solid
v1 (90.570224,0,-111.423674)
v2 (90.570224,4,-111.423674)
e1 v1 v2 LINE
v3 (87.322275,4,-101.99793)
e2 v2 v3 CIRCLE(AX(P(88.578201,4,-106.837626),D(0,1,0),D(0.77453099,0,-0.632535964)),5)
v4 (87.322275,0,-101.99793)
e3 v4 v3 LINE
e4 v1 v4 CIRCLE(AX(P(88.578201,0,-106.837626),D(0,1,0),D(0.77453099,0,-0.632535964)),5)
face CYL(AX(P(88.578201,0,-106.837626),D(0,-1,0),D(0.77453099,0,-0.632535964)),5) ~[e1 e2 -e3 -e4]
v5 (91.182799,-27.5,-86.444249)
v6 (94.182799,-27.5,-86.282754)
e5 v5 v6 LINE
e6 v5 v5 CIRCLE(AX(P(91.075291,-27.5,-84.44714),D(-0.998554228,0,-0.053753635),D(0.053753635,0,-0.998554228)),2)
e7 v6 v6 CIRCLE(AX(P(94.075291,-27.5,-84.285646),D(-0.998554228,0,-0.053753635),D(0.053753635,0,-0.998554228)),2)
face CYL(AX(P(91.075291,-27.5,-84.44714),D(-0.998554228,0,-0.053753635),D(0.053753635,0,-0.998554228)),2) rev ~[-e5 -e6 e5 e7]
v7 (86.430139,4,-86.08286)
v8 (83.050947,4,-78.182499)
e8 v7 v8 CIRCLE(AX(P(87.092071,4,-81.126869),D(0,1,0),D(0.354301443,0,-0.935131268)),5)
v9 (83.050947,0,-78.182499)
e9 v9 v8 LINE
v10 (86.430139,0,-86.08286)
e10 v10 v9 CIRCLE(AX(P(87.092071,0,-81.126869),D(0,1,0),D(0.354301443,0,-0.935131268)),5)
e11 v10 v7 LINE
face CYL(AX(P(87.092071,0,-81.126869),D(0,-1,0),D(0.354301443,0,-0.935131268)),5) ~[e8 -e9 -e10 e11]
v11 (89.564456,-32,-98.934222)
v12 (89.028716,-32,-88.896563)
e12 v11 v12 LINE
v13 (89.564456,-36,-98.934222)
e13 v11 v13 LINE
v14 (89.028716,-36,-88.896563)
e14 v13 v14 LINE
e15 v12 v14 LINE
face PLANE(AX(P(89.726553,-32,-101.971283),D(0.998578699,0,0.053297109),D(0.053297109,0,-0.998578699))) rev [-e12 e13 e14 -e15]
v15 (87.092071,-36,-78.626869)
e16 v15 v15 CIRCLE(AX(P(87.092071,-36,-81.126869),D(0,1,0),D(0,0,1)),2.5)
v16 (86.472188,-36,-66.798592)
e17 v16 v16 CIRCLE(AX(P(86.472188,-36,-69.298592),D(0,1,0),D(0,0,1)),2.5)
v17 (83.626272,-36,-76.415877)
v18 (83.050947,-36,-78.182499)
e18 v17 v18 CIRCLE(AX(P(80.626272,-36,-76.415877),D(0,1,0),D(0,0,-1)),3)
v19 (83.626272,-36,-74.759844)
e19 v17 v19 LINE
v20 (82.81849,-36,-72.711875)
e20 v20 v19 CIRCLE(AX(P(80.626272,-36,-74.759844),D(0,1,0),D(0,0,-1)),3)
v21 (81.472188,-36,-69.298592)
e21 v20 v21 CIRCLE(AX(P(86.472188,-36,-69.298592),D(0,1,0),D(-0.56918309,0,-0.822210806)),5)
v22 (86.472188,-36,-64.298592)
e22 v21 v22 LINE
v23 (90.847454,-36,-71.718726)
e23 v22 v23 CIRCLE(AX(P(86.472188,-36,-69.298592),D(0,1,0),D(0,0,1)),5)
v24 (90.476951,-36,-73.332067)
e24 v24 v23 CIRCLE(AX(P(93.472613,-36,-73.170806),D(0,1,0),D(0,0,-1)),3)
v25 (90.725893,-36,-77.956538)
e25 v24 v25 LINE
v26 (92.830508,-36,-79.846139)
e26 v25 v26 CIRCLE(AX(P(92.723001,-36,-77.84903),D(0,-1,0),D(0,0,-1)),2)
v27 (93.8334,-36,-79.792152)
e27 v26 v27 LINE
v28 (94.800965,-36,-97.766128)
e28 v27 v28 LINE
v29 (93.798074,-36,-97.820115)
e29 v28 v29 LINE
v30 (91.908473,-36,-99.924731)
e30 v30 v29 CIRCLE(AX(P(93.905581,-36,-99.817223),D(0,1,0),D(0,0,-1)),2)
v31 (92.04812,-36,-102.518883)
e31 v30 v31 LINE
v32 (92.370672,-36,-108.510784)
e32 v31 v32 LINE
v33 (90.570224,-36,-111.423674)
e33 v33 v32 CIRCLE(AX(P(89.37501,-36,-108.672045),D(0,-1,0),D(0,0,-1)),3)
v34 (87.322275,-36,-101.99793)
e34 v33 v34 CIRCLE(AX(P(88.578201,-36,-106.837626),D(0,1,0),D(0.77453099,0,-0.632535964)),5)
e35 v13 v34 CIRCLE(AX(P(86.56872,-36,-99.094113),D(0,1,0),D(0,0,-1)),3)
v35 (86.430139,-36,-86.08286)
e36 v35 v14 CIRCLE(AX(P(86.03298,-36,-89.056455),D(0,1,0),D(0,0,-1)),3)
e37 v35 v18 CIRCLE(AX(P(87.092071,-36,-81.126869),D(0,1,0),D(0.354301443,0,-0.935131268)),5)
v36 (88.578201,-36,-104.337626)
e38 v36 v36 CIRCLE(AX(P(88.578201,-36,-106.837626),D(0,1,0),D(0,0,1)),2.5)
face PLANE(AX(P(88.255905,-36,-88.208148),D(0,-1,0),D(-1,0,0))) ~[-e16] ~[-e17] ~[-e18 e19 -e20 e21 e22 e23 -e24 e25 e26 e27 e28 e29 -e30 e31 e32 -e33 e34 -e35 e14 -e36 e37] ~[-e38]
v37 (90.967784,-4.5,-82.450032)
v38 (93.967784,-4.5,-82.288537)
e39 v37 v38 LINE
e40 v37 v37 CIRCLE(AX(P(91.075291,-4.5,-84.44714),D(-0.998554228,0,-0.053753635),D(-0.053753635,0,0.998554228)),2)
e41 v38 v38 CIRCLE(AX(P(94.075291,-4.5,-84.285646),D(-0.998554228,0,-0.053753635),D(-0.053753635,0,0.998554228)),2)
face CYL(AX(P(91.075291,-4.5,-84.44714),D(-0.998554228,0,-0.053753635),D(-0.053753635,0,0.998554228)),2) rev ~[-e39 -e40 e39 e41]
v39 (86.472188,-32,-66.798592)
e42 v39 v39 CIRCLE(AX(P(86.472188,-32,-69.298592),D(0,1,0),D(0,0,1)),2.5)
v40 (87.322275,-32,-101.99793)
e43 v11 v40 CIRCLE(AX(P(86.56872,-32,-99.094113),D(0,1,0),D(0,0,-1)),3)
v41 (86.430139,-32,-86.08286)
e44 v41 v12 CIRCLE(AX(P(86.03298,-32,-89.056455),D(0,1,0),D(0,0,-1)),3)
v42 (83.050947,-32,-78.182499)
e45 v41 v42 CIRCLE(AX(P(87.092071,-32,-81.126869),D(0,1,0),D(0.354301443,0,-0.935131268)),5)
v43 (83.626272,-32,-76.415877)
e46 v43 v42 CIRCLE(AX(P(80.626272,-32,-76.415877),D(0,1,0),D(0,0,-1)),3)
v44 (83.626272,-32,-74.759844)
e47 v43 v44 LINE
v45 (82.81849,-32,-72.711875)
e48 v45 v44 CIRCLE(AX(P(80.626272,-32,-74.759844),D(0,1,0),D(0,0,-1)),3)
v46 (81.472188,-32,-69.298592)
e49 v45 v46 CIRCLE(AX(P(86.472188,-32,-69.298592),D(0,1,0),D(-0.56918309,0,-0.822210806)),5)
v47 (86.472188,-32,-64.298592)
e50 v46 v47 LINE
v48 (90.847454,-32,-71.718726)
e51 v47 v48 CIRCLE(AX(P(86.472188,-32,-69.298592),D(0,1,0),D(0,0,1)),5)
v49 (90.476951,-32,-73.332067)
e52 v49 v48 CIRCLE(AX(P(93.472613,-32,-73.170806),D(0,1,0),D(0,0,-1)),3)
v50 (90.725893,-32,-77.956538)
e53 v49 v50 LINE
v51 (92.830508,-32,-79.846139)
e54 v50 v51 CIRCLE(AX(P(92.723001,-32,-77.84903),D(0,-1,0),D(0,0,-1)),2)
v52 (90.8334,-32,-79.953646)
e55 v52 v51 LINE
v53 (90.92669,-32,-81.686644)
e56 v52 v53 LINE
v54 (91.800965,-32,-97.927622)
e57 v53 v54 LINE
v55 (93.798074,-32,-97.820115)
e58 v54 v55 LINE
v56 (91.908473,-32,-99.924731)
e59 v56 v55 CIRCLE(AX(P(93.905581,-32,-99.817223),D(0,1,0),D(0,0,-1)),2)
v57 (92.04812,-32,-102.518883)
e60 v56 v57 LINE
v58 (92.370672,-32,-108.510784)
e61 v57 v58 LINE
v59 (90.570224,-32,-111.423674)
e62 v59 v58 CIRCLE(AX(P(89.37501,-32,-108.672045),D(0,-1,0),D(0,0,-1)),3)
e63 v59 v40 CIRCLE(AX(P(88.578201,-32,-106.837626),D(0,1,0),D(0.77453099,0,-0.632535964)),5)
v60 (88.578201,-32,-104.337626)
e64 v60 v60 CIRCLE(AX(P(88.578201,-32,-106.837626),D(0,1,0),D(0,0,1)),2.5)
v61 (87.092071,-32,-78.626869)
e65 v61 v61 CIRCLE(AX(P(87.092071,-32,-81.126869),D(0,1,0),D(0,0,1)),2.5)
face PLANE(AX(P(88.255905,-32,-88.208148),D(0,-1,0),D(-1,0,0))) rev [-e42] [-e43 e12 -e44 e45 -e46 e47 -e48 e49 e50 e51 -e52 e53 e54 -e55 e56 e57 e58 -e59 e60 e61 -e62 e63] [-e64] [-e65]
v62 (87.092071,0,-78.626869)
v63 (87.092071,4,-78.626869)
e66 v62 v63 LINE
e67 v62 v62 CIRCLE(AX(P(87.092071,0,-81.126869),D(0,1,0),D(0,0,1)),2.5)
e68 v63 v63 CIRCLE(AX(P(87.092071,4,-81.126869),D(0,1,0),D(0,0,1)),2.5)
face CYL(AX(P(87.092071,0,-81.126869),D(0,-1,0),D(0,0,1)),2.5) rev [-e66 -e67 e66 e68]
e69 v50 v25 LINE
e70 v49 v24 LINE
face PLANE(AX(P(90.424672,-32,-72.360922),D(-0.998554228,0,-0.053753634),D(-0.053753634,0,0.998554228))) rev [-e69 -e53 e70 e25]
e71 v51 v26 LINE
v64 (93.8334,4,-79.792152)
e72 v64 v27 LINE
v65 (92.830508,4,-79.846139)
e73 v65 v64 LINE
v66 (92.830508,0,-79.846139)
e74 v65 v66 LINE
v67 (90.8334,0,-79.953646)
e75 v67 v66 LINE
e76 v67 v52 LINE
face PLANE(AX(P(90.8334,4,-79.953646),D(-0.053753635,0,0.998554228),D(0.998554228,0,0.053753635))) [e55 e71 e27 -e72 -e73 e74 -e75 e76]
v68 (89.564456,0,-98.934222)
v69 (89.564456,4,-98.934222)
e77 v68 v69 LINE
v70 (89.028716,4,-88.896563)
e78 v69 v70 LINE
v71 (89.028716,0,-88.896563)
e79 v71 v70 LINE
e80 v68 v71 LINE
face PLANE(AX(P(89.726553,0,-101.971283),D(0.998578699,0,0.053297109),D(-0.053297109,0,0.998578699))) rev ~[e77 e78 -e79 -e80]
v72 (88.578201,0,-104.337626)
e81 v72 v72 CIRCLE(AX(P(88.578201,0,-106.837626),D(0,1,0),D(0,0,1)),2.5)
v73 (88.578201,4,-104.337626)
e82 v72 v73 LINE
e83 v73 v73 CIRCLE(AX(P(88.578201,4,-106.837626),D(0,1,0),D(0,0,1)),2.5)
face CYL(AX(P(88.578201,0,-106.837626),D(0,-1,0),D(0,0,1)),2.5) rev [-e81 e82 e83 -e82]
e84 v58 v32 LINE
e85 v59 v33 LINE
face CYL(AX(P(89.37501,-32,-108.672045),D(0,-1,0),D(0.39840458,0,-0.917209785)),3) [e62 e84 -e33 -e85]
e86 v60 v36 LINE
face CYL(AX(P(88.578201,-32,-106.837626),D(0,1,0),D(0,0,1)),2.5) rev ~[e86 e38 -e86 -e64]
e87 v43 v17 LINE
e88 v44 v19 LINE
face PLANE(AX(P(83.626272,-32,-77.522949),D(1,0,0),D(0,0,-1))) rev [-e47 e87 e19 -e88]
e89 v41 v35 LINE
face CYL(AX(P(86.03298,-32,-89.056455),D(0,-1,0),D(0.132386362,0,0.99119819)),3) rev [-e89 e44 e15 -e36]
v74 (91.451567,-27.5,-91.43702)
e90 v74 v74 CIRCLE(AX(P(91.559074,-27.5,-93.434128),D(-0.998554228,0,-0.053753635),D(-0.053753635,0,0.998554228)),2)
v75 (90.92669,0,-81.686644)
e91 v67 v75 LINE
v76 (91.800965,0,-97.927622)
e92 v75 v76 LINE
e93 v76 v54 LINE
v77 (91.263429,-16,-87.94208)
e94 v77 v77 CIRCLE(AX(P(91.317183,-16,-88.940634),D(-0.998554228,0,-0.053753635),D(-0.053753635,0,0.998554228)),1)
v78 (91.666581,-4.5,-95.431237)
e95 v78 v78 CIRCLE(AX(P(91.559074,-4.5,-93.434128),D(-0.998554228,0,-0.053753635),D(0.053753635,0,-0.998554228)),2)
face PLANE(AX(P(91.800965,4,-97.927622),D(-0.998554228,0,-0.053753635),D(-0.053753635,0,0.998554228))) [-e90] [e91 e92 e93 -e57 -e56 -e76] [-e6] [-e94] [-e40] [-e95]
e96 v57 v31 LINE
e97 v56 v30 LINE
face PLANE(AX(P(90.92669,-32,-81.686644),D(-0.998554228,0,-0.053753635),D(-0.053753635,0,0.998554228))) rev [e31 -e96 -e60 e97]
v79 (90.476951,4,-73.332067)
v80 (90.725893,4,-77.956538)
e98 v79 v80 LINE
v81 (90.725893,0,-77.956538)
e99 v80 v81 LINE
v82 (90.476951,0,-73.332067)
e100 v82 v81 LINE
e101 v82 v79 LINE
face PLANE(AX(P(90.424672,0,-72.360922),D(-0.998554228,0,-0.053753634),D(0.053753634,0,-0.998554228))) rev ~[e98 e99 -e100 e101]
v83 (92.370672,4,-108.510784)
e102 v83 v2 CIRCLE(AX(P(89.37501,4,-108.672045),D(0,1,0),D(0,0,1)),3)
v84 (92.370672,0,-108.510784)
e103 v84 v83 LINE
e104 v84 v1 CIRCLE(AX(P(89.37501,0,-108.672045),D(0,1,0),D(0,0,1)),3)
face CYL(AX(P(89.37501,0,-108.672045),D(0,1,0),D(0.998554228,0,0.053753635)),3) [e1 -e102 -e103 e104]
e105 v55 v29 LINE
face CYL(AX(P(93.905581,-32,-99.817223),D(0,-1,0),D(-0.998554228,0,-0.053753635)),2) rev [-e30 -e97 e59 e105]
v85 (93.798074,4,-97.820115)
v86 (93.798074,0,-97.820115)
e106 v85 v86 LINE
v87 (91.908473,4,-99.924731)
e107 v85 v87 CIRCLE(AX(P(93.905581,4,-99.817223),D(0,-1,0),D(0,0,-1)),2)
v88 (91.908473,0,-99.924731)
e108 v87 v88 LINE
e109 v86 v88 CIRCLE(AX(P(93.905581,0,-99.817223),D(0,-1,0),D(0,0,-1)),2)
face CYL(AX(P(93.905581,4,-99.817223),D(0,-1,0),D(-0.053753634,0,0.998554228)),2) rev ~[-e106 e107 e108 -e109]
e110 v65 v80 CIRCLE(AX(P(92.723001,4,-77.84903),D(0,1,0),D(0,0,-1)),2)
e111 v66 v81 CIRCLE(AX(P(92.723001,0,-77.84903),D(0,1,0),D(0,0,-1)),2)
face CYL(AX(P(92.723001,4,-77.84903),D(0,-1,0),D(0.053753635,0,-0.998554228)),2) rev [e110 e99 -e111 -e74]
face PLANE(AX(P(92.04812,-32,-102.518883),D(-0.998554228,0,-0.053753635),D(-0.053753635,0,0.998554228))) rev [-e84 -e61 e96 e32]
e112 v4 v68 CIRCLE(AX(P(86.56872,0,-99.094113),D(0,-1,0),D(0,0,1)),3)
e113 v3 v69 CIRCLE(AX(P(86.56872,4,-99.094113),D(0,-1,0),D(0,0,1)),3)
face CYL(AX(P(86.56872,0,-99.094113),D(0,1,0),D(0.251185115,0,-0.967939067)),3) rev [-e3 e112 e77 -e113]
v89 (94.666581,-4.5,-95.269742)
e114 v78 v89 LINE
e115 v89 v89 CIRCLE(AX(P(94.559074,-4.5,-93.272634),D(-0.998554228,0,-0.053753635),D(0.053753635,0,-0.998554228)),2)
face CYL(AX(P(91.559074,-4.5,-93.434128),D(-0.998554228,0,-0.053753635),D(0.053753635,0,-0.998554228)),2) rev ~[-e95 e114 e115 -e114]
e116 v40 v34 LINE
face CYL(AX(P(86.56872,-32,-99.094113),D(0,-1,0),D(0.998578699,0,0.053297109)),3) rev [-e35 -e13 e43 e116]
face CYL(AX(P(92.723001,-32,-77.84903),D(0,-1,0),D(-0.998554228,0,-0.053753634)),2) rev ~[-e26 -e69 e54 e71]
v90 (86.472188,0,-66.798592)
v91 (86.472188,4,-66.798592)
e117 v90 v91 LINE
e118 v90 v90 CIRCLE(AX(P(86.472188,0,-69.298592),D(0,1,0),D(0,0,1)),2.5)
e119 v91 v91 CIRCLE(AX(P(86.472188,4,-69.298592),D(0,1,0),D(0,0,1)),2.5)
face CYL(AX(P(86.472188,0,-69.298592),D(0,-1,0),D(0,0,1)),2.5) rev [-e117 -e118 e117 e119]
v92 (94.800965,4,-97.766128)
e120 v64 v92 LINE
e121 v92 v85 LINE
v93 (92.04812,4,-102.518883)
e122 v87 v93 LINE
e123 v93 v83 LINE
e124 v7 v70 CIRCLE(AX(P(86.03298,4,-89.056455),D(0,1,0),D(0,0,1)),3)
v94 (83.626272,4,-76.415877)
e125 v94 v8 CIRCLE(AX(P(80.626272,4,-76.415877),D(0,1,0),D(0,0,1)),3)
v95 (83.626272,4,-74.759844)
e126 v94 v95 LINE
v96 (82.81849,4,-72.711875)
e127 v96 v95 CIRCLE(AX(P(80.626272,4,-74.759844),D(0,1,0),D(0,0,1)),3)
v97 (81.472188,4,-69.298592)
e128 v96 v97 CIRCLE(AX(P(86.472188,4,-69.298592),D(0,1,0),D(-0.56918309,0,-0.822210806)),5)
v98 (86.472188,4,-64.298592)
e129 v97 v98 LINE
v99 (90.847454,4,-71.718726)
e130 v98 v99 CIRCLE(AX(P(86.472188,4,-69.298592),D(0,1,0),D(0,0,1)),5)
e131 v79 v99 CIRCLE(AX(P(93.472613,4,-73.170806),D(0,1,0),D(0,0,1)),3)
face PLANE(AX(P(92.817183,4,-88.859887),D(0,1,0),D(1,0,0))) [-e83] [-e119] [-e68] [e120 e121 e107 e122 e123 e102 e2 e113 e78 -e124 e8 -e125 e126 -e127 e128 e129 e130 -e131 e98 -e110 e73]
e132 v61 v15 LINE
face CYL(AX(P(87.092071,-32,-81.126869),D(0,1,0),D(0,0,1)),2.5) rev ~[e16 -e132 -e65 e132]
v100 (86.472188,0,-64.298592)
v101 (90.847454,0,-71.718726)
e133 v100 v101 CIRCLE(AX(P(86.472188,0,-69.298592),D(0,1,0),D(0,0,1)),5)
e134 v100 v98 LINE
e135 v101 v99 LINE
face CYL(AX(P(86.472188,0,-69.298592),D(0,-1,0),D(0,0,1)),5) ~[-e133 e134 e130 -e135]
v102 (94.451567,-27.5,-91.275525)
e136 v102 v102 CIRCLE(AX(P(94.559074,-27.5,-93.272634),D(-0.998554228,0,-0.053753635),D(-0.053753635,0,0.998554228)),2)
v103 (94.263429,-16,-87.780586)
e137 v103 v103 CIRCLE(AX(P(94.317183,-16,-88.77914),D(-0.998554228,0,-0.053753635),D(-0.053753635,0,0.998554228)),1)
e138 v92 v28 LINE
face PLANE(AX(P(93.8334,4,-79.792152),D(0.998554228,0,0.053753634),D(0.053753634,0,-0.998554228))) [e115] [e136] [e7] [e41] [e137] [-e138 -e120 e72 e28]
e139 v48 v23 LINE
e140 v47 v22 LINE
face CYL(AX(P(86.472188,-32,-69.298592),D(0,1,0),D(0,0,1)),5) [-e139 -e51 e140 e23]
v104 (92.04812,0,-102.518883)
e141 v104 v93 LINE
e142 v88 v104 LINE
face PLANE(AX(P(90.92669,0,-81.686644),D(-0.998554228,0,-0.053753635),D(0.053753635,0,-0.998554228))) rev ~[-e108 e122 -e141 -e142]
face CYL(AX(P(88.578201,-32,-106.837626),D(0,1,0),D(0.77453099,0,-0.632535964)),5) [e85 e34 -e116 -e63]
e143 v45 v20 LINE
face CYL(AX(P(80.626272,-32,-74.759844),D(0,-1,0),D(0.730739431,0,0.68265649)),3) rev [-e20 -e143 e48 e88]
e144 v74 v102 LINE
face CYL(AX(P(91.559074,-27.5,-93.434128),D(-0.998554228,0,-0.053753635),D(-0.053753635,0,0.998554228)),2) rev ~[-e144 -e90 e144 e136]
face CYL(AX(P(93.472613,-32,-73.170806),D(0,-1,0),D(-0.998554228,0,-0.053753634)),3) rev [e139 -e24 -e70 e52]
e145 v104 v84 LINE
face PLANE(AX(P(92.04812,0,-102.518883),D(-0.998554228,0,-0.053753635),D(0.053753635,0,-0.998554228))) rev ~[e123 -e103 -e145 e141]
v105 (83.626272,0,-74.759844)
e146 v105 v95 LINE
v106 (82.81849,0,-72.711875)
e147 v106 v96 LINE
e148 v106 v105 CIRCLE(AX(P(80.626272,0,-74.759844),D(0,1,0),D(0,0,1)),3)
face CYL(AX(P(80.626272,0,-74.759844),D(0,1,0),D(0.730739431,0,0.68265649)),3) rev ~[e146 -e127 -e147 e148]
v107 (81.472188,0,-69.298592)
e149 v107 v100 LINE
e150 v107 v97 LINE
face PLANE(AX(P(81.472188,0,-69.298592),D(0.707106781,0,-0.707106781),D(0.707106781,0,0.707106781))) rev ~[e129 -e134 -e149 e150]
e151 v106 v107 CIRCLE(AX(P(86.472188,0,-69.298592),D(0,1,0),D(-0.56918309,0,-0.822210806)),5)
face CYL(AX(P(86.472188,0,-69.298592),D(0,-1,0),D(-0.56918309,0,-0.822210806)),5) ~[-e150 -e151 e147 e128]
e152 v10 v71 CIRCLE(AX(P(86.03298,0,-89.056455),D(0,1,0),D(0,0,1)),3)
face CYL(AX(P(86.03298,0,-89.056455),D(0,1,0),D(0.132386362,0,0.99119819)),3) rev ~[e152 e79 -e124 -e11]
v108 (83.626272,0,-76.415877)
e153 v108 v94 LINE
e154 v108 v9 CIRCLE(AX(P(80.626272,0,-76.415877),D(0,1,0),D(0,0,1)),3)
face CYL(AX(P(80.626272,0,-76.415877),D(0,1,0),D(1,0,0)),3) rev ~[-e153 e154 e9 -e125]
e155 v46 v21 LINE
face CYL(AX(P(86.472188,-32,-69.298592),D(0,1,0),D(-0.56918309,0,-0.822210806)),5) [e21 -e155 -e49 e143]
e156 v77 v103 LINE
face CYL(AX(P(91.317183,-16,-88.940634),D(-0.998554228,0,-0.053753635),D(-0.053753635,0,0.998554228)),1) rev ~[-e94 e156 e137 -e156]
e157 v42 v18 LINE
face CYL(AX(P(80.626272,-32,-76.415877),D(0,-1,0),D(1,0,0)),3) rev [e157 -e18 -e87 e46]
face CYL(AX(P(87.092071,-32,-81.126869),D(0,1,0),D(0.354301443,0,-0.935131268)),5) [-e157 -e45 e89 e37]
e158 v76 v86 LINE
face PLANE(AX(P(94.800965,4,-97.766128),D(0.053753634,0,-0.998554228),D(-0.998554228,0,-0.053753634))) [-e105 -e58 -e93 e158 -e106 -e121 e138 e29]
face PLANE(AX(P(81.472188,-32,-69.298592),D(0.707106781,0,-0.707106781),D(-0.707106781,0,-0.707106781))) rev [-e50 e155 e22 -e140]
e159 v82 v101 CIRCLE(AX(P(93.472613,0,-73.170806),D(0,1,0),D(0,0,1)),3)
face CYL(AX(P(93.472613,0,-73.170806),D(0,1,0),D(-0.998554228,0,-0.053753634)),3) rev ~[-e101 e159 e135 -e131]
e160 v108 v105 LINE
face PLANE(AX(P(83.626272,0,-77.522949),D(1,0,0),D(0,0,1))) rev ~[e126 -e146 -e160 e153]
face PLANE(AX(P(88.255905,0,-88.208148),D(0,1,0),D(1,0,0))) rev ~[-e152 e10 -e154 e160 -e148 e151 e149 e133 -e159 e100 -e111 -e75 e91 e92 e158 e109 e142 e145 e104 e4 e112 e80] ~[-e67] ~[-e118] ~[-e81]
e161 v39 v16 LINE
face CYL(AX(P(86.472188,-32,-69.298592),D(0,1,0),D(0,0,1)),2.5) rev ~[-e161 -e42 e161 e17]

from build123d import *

# Parameters (mm, degrees)
SKETCH2_R           = 2.5
BOSS_EXTRUDE3_DEPTH = 4
BOSS_EXTRUDE4_DEPTH = 40
FILLET1_R           = 2
SKETCH4_R           = 2
SKETCH4_R_2         = 1
CUT_EXTRUDE1_DEPTH  = 10
FILLET3_R           = 3
FILLET4_R           = 3


with BuildPart() as part:
    # Sketch2 → Boss-Extrude3 (new body)
    with BuildSketch(Plane(origin=(0, 0, 0), x_dir=(1, 0, 0), z_dir=(0, 1, 0))):
        with BuildLine():
            ThreePointArc((83.62627208, 73.409646321), (82.043328915, 71.619198109), (81.472187529, 69.298592288))
            Line((81.472187529, 69.298592288), (86.472187529, 64.298592288))
            ThreePointArc((86.472187529, 64.298592288), (90.961711336, 67.097643404), (90.424672494, 72.360921892))
            Line((90.424672494, 72.360921892), (90.926689774, 81.686644374))
            Line((90.926689774, 81.686644374), (92.048119667, 102.518883374))
            Line((92.048119667, 102.518883374), (92.450855554, 110.000305351))
            ThreePointArc((92.450855554, 110.000305351), (83.843337657, 108.444197301), (89.726552777, 101.971283238))
            Line((89.726552777, 101.971283238), (88.863578179, 85.80252536))
            ThreePointArc((88.863578179, 85.80252536), (82.866493913, 83.799788509), (83.62627208, 77.522949199))
            Line((83.62627208, 77.522949199), (83.62627208, 73.409646321))
        make_face()
        with Locations(Location((86.472187529, 69.298592288, 0), (0, 0, 270))):
            Circle(SKETCH2_R, mode=Mode.SUBTRACT)
        with Locations(Location((87.092070964, 81.126869023, 0), (0, 0, 270))):
            Circle(SKETCH2_R, mode=Mode.SUBTRACT)
        with Locations(Location((88.578200606, 106.837625529, 0), (0, 0, 270))):
            Circle(SKETCH2_R, mode=Mode.SUBTRACT)
    boss_extrude3 = extrude(amount=BOSS_EXTRUDE3_DEPTH)

    # Sketch3 → Boss-Extrude4 (add)
    with BuildSketch(Plane(origin=(0, 4, 0), x_dir=(1, 0, 0), z_dir=(0, 1, 0))):
        Polygon((91.800965367, 97.92762227), (90.833399946, 79.953646162), (93.833399946, 79.792151774), (94.800965367, 97.766127883), align=None)
    extrude(amount=-BOSS_EXTRUDE4_DEPTH)

    # Mirror1: Boss-Extrude3 across plane
    add(boss_extrude3.mirror(Plane.ZX.offset(-16)))

    # Fillet1
    fillet1_edges = [part.edges().sort_by_distance(p)[0] for p in [
        (90.833399946, -34, -79.953646162),
        (91.800965367, -34, -97.92762227),
        (91.800965367, 2, -97.92762227),
        (90.833399946, 2, -79.953646162),
    ]]
    fillet(fillet1_edges, radius=FILLET1_R)

    # Sketch4 → Cut-Extrude1 (cut)
    with BuildSketch(Plane(origin=(86.279355648, 0, 4.6445439), x_dir=(-0.05375363451621944, 0, 0.9985542282601866), z_dir=(-0.9985542282601865, 0, -0.05375363451621943))):
        with Locations((-89.220676822, -4.5)):
            Circle(SKETCH4_R)
        with Locations(Location((-98.220676822, -4.5, 0), (0, 0, 180))):
            Circle(SKETCH4_R)
        with Locations(Location((-89.220676822, -27.5, 0), (0, 0, 180))):
            Circle(SKETCH4_R)
        with Locations((-98.220676822, -27.5)):
            Circle(SKETCH4_R)
        with Locations((-93.720676822, -16)):
            Circle(SKETCH4_R_2)
    extrude(amount=-CUT_EXTRUDE1_DEPTH, mode=Mode.SUBTRACT)

    # Fillet3
    fillet3_edges = [part.edges().sort_by_distance(p)[0] for p in [
        (92.450855554, 2, -110.000305351),
        (90.424672494, 2, -72.360921892),
        (83.62627208, 2, -73.409646321),
        (83.62627208, 2, -77.522949199),
        (89.726552777, 2, -101.971283238),
        (92.450855554, -34, -110.000305351),
        (89.726552777, -34, -101.971283238),
        (90.424672494, -34, -72.360921892),
        (83.62627208, -34, -73.409646321),
        (83.62627208, -34, -77.522949199),
    ]]
    fillet(fillet3_edges, radius=FILLET3_R)

    # Fillet4
    fillet4_edges = [part.edges().sort_by_distance(p)[0] for p in [
        (88.863578179, 2, -85.80252536),
        (88.863578179, -34, -85.80252536),
    ]]
    fillet(fillet4_edges, radius=FILLET4_R)


solid = part.part
